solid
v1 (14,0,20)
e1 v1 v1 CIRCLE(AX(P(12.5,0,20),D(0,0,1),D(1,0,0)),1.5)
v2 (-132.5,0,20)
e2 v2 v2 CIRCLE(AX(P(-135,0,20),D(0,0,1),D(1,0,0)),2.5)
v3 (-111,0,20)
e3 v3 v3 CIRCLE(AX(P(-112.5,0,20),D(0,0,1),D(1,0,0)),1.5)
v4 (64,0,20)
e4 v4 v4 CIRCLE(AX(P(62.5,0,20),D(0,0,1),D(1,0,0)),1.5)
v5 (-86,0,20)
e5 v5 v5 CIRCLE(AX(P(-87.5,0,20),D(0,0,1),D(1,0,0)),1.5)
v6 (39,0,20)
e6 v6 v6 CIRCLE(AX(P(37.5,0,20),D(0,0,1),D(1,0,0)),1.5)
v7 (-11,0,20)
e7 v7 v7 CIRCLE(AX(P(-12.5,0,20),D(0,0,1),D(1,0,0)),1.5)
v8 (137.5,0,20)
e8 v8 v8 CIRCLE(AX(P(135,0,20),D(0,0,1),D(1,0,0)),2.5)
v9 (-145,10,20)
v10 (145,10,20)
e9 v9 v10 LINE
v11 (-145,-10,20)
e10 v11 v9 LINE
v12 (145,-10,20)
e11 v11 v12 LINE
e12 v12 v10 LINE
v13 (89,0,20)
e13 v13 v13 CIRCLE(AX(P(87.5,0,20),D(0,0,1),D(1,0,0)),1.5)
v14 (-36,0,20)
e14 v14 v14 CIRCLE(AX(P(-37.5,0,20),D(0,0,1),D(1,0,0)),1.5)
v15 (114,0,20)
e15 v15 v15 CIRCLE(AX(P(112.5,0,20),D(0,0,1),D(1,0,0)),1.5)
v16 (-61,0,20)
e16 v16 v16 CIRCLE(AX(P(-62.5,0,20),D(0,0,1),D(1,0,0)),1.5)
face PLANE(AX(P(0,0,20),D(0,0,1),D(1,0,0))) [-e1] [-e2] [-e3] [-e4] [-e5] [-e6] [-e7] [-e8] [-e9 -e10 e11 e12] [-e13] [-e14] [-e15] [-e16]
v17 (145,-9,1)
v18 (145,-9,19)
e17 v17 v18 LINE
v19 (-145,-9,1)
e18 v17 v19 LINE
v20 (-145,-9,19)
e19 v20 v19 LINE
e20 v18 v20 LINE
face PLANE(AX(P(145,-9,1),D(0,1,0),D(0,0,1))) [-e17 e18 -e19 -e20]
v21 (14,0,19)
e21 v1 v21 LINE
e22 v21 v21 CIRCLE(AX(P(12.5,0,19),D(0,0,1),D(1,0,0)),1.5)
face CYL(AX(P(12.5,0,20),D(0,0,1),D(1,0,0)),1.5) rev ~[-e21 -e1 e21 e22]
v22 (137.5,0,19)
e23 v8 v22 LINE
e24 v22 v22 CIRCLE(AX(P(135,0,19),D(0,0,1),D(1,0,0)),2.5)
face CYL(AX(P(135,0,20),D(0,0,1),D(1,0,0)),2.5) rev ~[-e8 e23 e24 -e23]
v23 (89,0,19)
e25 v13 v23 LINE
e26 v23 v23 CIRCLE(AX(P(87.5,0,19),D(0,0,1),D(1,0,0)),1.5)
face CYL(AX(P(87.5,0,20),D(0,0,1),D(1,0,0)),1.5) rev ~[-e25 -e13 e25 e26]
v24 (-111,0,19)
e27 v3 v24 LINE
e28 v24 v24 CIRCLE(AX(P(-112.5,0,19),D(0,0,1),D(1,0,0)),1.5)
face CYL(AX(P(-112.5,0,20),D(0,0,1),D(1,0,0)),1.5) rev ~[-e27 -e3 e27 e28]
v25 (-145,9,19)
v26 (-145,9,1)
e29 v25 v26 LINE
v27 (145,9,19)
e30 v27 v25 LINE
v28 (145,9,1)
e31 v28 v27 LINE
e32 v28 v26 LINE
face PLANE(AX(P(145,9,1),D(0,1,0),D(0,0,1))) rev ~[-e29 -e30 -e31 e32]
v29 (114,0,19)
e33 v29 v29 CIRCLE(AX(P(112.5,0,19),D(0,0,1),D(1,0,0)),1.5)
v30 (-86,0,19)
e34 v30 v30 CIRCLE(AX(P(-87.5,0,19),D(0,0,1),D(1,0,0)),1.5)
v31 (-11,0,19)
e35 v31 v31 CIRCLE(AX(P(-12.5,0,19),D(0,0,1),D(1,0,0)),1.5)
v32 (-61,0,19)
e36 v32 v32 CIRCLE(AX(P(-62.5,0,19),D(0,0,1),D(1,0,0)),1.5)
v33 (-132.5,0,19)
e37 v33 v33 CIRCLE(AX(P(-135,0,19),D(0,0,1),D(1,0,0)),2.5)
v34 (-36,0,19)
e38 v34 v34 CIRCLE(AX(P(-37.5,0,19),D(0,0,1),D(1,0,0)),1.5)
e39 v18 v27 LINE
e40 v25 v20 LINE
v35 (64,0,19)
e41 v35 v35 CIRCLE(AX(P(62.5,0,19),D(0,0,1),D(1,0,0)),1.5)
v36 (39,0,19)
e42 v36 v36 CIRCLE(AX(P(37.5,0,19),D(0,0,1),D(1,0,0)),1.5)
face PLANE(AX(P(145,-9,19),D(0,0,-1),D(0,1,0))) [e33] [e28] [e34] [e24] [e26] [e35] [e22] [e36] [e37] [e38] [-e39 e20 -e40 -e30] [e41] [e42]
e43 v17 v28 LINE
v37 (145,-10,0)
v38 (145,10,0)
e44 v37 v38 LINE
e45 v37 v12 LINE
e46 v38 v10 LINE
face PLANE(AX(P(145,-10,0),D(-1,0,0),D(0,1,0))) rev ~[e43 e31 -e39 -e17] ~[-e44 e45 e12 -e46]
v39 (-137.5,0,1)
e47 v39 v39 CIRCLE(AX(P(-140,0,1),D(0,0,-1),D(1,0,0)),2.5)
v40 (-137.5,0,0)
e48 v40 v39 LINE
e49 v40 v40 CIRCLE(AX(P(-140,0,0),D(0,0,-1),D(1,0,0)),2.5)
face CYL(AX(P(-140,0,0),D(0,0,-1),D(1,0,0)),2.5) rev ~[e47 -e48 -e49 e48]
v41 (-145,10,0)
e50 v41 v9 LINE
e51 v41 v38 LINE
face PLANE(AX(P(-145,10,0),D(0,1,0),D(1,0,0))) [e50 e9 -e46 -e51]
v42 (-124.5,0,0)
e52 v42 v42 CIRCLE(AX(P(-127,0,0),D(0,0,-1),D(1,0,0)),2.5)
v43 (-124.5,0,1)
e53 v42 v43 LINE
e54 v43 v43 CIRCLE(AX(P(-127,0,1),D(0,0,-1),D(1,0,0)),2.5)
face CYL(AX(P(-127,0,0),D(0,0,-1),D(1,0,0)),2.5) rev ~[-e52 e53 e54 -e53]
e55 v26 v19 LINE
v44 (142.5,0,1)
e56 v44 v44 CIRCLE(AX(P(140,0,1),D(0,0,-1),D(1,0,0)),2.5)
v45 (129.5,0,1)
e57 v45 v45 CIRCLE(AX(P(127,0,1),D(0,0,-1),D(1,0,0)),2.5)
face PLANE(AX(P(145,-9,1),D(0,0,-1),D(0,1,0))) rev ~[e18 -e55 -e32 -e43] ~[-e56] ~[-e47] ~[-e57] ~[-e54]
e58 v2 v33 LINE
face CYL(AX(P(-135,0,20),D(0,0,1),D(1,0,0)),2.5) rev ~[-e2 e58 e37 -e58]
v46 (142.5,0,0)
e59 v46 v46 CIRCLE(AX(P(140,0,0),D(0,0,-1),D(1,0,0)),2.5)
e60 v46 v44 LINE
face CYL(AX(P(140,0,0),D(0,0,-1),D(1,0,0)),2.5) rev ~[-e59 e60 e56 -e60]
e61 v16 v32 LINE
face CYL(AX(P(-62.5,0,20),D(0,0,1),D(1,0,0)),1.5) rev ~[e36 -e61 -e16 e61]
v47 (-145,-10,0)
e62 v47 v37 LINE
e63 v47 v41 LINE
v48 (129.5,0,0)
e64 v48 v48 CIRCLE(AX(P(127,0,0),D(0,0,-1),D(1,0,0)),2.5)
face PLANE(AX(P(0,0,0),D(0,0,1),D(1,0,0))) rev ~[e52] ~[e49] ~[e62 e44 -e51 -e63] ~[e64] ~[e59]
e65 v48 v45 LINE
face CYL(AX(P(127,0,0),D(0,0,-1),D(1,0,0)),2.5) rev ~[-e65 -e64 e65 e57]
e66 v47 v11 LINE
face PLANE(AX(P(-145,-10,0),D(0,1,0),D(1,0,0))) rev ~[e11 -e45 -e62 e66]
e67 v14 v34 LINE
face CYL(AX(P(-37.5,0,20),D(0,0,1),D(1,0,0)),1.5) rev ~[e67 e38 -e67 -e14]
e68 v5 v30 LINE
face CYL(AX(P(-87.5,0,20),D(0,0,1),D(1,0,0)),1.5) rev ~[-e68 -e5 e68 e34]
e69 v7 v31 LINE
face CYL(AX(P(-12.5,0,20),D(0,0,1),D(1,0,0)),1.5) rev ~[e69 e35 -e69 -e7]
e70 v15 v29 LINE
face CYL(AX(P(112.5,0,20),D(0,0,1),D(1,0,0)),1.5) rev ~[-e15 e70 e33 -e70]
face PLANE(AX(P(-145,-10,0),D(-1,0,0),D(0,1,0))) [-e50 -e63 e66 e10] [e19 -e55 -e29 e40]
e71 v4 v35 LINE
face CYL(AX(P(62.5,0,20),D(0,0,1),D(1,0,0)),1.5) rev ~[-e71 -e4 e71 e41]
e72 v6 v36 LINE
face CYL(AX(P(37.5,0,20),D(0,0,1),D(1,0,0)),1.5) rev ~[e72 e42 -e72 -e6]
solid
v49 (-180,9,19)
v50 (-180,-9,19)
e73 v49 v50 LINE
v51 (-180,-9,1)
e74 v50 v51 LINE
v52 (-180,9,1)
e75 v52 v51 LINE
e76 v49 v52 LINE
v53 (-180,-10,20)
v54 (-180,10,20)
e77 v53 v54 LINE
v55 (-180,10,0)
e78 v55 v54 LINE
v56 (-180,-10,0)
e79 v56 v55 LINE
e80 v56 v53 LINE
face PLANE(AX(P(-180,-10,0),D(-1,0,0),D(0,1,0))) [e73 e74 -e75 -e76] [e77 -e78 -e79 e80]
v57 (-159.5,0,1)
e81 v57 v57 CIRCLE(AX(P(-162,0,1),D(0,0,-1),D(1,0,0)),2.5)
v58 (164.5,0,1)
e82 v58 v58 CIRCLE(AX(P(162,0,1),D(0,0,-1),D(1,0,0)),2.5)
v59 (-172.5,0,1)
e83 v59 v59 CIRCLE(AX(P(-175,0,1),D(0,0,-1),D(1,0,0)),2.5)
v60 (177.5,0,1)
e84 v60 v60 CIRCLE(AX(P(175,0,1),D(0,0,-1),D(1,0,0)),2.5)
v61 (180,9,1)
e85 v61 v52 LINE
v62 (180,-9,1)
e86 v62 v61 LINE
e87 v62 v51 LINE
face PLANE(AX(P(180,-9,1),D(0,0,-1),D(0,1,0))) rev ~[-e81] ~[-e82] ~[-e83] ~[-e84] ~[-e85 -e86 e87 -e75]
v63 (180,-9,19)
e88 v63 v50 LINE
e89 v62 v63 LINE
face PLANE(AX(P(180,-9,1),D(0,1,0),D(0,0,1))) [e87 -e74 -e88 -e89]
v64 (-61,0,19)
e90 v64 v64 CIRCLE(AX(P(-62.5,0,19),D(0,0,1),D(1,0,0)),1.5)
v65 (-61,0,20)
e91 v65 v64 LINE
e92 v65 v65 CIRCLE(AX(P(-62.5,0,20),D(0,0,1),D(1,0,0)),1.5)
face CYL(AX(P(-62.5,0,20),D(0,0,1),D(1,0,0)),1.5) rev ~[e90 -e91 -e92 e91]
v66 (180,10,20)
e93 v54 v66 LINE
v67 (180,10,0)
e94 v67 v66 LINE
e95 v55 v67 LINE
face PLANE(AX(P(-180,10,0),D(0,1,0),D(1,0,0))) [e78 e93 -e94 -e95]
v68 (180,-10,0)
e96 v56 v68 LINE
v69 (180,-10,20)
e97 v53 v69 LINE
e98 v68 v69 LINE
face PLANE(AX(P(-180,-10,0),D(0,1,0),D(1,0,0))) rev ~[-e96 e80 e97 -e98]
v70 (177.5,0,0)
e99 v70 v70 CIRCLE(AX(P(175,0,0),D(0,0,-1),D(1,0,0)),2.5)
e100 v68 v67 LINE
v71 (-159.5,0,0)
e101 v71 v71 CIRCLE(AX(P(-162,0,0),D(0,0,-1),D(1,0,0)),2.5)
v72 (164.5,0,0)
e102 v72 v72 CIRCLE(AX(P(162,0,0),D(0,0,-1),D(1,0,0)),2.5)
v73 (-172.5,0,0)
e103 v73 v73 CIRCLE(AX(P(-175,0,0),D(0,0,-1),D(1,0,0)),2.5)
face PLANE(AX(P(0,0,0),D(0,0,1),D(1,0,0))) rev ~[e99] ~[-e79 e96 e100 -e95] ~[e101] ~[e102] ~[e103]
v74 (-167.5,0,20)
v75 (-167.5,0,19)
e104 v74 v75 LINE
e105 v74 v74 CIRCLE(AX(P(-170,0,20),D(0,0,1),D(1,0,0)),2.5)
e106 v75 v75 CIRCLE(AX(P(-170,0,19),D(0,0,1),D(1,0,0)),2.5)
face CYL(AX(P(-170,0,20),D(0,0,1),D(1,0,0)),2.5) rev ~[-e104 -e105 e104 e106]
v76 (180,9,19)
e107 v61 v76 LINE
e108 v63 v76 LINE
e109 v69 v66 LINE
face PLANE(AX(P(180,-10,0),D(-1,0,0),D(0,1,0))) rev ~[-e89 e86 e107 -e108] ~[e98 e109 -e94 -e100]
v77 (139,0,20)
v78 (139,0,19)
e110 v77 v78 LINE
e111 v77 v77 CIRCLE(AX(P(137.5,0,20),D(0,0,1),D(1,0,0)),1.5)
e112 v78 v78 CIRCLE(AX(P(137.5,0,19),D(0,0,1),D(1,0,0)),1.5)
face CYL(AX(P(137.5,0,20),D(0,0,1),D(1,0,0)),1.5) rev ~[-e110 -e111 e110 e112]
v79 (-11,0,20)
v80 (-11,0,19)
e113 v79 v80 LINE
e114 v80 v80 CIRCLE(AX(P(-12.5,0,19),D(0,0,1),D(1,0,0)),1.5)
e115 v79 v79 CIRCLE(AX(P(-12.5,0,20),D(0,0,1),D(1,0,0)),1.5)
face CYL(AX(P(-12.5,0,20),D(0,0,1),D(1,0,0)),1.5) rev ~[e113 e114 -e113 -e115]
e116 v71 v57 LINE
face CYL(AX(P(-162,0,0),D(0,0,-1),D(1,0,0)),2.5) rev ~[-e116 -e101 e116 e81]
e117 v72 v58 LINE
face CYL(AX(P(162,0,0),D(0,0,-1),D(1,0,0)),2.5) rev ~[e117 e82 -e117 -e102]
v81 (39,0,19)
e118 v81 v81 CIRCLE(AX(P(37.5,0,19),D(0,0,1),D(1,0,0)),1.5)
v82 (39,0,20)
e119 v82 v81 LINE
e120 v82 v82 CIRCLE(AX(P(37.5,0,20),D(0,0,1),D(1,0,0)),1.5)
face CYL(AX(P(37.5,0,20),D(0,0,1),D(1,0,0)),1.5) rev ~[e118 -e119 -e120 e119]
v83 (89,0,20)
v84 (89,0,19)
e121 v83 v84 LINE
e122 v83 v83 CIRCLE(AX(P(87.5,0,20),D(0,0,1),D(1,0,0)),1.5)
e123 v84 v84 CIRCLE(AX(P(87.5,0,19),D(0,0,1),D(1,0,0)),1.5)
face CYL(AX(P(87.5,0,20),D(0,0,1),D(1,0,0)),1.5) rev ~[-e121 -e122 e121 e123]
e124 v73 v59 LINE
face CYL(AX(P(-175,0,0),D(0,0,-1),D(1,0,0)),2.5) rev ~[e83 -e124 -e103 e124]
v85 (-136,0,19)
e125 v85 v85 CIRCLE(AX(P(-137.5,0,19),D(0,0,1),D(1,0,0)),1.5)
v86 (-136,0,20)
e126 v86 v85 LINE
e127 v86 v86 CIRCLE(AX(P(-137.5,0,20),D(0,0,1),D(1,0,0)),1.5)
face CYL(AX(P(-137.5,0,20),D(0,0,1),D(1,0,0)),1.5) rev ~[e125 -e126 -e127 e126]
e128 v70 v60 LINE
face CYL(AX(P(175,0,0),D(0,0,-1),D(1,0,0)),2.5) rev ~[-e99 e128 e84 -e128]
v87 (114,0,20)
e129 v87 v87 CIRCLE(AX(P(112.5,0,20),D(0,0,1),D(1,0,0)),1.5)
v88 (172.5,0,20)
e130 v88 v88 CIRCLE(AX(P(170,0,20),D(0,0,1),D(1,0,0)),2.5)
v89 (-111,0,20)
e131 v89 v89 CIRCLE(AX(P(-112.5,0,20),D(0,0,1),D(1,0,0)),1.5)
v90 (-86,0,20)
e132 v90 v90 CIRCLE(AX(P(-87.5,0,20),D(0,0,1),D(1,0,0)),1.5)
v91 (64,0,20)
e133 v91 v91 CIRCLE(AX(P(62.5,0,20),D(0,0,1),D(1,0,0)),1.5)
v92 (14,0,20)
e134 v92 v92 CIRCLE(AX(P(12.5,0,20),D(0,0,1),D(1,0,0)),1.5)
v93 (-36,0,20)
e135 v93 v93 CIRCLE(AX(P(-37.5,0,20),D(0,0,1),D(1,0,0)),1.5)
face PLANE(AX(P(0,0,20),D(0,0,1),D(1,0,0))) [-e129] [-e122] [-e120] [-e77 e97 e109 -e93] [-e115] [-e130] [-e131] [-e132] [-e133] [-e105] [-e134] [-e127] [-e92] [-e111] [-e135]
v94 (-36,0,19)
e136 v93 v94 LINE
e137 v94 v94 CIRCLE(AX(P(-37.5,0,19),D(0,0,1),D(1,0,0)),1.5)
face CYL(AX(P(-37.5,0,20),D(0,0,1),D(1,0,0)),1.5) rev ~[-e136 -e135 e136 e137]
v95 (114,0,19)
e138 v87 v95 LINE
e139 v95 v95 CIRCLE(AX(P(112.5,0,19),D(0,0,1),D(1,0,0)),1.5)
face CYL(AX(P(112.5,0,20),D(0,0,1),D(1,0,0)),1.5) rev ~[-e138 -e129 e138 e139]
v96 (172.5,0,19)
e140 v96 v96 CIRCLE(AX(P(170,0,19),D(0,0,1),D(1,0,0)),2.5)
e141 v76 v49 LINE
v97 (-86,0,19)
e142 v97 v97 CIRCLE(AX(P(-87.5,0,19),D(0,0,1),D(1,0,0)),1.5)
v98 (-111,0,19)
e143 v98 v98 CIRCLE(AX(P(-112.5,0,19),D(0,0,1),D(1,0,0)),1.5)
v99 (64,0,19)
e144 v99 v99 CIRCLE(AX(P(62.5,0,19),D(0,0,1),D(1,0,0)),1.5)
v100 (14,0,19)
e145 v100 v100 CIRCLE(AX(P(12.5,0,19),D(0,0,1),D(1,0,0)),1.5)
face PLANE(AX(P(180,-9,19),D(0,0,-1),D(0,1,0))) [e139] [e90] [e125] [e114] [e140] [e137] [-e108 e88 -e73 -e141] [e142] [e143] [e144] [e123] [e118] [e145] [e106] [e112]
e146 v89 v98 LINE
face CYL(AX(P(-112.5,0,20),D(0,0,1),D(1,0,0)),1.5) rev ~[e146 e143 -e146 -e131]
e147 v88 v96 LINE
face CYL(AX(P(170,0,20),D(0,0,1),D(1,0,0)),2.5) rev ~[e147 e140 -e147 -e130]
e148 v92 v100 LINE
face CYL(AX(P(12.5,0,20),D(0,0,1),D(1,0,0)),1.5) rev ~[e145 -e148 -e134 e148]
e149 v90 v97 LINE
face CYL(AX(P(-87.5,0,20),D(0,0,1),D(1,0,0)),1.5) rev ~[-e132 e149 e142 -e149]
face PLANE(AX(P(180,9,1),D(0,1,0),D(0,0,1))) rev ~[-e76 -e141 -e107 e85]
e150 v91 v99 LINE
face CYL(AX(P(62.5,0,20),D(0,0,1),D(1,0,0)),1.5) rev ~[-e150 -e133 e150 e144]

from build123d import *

# Parameters (mm, degrees)
SKETCH_W               = 290
SKETCH_H               = 20
PAD_DEPTH              = 20
SKETCH001_W            = 18
SKETCH001_H            = 18
POCKET_DEPTH           = 290.001
SKETCH002_R            = 2.5
POCKET001_DEPTH        = 5
SKETCH003_R            = 2.5
POCKET002_DEPTH        = 5
SKETCH004_R            = 1.5
POCKET003_DEPTH        = 5
LINEARPATTERN_COUNT    = 5
LINEARPATTERN_PITCH    = 25
SKETCH005_R            = 1.5
POCKET004_DEPTH        = 5
LINEARPATTERN001_COUNT = 5
LINEARPATTERN001_PITCH = 25
SKETCH006_W            = 360
SKETCH006_H            = 20
PAD001_DEPTH           = 20
SKETCH007_W            = 18
SKETCH007_H            = 18
POCKET005_DEPTH        = 360.001
SKETCH008_R            = 2.5
POCKET006_DEPTH        = 5
SKETCH009_R            = 2.5
POCKET007_DEPTH        = 5
SKETCH010_R            = 1.5
POCKET008_DEPTH        = 5
LINEARPATTERN002_COUNT = 6
LINEARPATTERN002_PITCH = 25
SKETCH011_R            = 1.5
POCKET009_DEPTH        = 5
LINEARPATTERN003_COUNT = 6
LINEARPATTERN003_PITCH = 25


with BuildPart() as f_180_tube:
    # Sketch → Pad (new body)
    with BuildSketch(Plane.XY):
        Rectangle(SKETCH_W, SKETCH_H)
    extrude(amount=PAD_DEPTH)

    # Sketch001 (on Face2 of Pad) → Pocket (cut, through all)
    with BuildSketch(Plane.YZ.offset(145)):
        with Locations((0, 10)):
            Rectangle(SKETCH001_W, SKETCH001_H)
    extrude(amount=-POCKET_DEPTH, mode=Mode.SUBTRACT)

    # Sketch002 (on Face5 of Pocket) → Pocket001 (cut)
    with BuildSketch(Plane.XY.offset(20)):
        with Locations((-135, 0)):
            Circle(SKETCH002_R)
        with Locations((135, 0)):
            Circle(SKETCH002_R)
    extrude(amount=-POCKET001_DEPTH, mode=Mode.SUBTRACT)

    # Sketch003 (on Face4 of Pocket001) → Pocket002 (cut)
    with BuildSketch(Plane(origin=(0, 0, 0), x_dir=(1, 0, 0), z_dir=(0, 0, -1))):
        with Locations((-140, 0)):
            Circle(SKETCH003_R)
        with Locations((-127, 0)):
            Circle(SKETCH003_R)
        with Locations((140, 0)):
            Circle(SKETCH003_R)
        with Locations((127, 0)):
            Circle(SKETCH003_R)
    extrude(amount=-POCKET002_DEPTH, mode=Mode.SUBTRACT)

    # Sketch004 (on Face5 of Pocket002) → Pocket003 (cut)
    with BuildSketch(Plane.XY.offset(20)):
        with Locations((12.5, 0)):
            Circle(SKETCH004_R)
    pocket003 = extrude(amount=-POCKET003_DEPTH, mode=Mode.SUBTRACT)

    # LinearPattern: Pocket003 ×5
    with Locations(*[(i * LINEARPATTERN_PITCH, 0, 0) for i in range(1, LINEARPATTERN_COUNT)]):
        add(pocket003, mode=Mode.SUBTRACT)

    # Sketch005 (on Face5 of LinearPattern) → Pocket004 (cut)
    with BuildSketch(Plane.XY.offset(20)):
        with Locations((-12.5, 0)):
            Circle(SKETCH005_R)
    pocket004 = extrude(amount=-POCKET004_DEPTH, mode=Mode.SUBTRACT)

    # LinearPattern001: Pocket004 ×5
    with Locations(*[(-i * LINEARPATTERN001_PITCH, 0, 0) for i in range(1, LINEARPATTERN001_COUNT)]):
        add(pocket004, mode=Mode.SUBTRACT)


with BuildPart() as f_250_tube:
    # Sketch006 → Pad001 (new body)
    with BuildSketch(Plane.XY):
        Rectangle(SKETCH006_W, SKETCH006_H)
    extrude(amount=PAD001_DEPTH)

    # Sketch007 (on Face2 of Pad001) → Pocket005 (cut, through all)
    with BuildSketch(Plane.YZ.offset(180)):
        with Locations((0, 10)):
            Rectangle(SKETCH007_W, SKETCH007_H)
    extrude(amount=-POCKET005_DEPTH, mode=Mode.SUBTRACT)

    # Sketch008 (on Face5 of Pocket005) → Pocket006 (cut)
    with BuildSketch(Plane.XY.offset(20)):
        with Locations((-170, 0)):
            Circle(SKETCH008_R)
        with Locations((170, 0)):
            Circle(SKETCH008_R)
    extrude(amount=-POCKET006_DEPTH, mode=Mode.SUBTRACT)

    # Sketch009 (on Face4 of Pocket006) → Pocket007 (cut)
    with BuildSketch(Plane(origin=(0, 0, 0), x_dir=(1, 0, 0), z_dir=(0, 0, -1))):
        with Locations((-175, 0)):
            Circle(SKETCH009_R)
        with Locations((-162, 0)):
            Circle(SKETCH009_R)
        with Locations((162, 0)):
            Circle(SKETCH009_R)
        with Locations((175, 0)):
            Circle(SKETCH009_R)
    extrude(amount=-POCKET007_DEPTH, mode=Mode.SUBTRACT)

    # Sketch010 (on Face5 of Pocket007) → Pocket008 (cut)
    with BuildSketch(Plane.XY.offset(20)):
        with Locations((12.5, 0)):
            Circle(SKETCH010_R)
    pocket008 = extrude(amount=-POCKET008_DEPTH, mode=Mode.SUBTRACT)

    # LinearPattern002: Pocket008 ×6
    with Locations(*[(i * LINEARPATTERN002_PITCH, 0, 0) for i in range(1, LINEARPATTERN002_COUNT)]):
        add(pocket008, mode=Mode.SUBTRACT)

    # Sketch011 (on Face5 of LinearPattern002) → Pocket009 (cut)
    with BuildSketch(Plane.XY.offset(20)):
        with Locations((-12.5, 0)):
            Circle(SKETCH011_R)
    pocket009 = extrude(amount=-POCKET009_DEPTH, mode=Mode.SUBTRACT)

    # LinearPattern003: Pocket009 ×6
    with Locations(*[(-i * LINEARPATTERN003_PITCH, 0, 0) for i in range(1, LINEARPATTERN003_COUNT)]):
        add(pocket009, mode=Mode.SUBTRACT)


solid = Compound([f_180_tube.part, f_250_tube.part])
